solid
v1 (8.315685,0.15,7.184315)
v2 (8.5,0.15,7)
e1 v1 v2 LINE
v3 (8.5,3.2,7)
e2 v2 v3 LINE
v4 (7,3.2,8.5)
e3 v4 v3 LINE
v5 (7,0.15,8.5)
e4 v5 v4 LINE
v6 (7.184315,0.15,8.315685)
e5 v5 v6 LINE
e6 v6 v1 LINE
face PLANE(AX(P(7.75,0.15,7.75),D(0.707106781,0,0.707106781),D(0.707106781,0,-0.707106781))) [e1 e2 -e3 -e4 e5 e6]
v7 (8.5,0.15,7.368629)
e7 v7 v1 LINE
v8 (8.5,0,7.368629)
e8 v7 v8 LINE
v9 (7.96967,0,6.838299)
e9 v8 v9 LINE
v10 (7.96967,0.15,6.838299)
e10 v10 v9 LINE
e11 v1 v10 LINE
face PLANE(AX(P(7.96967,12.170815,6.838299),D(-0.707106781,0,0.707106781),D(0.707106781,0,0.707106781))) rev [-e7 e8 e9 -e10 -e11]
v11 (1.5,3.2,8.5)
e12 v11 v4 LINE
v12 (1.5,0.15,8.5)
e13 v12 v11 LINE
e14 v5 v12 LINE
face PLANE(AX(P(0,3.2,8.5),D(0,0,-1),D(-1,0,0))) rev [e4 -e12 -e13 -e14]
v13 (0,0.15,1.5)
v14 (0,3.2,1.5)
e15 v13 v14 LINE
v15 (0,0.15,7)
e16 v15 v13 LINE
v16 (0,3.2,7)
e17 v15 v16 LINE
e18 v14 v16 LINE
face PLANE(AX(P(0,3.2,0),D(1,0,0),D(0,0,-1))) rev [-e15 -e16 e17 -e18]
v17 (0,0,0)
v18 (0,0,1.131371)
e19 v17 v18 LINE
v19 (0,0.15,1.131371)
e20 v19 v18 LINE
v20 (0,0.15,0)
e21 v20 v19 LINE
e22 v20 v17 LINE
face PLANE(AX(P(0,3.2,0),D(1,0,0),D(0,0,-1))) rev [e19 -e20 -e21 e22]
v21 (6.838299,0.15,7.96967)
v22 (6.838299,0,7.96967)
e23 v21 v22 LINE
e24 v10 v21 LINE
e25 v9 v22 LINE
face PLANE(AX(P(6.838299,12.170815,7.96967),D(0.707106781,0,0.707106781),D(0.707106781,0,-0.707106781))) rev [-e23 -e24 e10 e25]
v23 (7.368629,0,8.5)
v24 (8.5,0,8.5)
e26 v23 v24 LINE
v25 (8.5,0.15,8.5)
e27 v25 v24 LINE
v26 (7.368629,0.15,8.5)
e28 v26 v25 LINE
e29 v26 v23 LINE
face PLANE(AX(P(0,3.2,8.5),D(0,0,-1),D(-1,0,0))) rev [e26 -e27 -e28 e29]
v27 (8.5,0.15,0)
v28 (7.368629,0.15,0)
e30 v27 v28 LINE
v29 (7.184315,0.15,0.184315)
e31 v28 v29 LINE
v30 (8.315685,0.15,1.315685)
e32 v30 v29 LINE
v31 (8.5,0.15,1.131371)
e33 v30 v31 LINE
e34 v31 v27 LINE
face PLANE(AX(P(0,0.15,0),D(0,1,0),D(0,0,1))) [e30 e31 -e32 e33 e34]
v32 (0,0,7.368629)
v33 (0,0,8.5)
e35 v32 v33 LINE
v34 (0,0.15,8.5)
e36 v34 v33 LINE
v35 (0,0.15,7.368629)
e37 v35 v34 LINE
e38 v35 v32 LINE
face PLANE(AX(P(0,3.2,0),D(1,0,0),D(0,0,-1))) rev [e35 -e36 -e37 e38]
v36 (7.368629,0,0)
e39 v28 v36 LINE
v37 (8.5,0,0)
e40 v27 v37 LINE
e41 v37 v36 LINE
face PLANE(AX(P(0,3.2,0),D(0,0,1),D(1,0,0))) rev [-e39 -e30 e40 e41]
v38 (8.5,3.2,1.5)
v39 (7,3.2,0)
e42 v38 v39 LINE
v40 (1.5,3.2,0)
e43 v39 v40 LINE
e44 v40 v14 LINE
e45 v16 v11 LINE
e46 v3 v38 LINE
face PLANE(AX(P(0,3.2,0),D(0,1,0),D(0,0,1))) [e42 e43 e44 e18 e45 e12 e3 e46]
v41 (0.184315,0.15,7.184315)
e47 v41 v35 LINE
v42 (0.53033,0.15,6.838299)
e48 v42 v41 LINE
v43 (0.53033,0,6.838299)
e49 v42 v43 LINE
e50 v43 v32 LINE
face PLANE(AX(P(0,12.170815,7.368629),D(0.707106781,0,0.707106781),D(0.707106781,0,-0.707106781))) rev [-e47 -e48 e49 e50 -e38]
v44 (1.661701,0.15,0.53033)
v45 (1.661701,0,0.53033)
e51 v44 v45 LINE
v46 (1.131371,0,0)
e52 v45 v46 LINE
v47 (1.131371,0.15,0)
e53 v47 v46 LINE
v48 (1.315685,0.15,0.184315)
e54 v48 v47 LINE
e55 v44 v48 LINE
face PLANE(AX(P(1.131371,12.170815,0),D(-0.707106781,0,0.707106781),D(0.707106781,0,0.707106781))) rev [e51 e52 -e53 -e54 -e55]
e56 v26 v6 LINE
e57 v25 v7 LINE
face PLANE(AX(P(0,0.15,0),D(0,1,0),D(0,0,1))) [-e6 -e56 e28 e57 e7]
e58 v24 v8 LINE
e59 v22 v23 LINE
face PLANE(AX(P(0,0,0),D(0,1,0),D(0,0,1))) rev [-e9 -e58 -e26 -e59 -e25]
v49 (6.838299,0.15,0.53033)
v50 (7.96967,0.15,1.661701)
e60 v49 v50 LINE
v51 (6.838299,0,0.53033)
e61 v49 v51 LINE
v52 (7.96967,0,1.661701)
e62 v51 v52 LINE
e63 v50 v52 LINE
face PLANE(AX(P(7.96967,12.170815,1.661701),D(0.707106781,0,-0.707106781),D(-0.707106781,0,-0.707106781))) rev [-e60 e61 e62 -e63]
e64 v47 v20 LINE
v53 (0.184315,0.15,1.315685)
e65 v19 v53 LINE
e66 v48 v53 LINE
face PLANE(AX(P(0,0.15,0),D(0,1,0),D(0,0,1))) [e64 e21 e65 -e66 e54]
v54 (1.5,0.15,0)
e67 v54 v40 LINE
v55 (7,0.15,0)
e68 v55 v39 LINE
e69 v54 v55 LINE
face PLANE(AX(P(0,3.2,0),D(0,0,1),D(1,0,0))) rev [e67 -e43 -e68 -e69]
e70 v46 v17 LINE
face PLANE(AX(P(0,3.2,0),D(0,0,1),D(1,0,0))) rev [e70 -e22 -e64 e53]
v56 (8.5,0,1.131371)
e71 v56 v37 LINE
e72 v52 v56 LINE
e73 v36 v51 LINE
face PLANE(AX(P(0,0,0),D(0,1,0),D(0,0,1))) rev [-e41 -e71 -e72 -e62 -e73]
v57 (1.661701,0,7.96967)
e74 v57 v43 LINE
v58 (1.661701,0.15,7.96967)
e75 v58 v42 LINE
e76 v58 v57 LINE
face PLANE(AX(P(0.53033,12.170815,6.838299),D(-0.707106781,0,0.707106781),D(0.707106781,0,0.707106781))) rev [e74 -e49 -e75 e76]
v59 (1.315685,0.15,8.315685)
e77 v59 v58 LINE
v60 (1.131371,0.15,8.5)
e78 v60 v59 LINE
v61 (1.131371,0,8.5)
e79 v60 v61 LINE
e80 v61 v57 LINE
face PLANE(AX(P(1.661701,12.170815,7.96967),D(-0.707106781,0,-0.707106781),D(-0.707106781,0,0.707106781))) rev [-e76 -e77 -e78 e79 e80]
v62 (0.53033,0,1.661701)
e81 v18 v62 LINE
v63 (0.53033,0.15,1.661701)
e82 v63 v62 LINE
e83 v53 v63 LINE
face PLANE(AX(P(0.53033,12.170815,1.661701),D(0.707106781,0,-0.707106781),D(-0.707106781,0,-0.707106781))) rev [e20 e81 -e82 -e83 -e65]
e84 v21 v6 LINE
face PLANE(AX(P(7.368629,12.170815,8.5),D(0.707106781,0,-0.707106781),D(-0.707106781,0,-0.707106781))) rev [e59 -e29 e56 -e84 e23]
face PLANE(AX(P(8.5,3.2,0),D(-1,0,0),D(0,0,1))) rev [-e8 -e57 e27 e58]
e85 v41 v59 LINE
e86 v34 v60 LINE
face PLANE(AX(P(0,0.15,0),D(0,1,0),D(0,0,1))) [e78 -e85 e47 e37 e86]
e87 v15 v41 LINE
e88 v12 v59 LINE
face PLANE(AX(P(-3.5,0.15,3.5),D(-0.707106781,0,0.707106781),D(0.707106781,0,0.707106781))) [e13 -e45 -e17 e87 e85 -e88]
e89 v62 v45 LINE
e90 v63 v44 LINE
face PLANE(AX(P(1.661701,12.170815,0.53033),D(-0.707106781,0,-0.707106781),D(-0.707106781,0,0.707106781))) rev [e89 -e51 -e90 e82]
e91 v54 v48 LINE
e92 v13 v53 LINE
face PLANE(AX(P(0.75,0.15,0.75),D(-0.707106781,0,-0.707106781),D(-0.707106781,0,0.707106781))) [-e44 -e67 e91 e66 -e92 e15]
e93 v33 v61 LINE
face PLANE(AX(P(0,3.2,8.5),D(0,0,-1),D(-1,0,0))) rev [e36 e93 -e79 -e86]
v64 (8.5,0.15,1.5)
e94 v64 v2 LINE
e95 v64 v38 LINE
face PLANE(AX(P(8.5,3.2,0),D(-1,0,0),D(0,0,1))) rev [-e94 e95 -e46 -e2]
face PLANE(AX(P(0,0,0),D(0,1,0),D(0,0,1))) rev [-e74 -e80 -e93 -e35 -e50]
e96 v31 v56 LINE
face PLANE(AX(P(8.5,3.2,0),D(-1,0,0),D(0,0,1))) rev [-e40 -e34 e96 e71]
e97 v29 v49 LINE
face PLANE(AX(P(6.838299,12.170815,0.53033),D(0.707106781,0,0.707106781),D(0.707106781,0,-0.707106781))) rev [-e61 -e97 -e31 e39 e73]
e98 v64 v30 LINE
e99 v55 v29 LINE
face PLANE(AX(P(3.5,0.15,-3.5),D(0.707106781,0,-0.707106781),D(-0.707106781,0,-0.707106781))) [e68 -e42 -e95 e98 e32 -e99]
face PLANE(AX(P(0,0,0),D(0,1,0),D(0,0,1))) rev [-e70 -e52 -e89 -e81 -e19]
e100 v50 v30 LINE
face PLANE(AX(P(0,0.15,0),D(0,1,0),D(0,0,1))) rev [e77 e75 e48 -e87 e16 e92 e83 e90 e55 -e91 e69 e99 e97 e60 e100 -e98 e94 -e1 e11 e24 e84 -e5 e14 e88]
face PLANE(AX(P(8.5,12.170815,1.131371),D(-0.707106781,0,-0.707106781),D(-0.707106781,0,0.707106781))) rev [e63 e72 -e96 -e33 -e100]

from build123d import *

# Parameters (mm, degrees)
SKETCH1_W           = 8.5
SKETCH1_H           = 8.5
BOSS_EXTRUDE1_DEPTH = 3.2
CUT_EXTRUDE1_DEPTH  = 3.05
CUT_EXTRUDE2_DEPTH  = 0.15


with BuildPart() as part:
    # Sketch1 → Boss-Extrude1 (new body)
    with BuildSketch(Plane(origin=(0, 0, 0), x_dir=(1, 0, 0), z_dir=(0, 1, 0))):
        with Locations((4.25, -4.25)):
            Rectangle(SKETCH1_W, SKETCH1_H)
    extrude(amount=BOSS_EXTRUDE1_DEPTH)

    # Sketch2 → Cut-Extrude1 (cut)
    with BuildSketch(Plane(origin=(0, 3.2, 0), x_dir=(1, 0, 0), z_dir=(0, 1, 0))):
        Polygon((1.5, -8.5), (0, -7), (0, -8.5), align=None)
        Polygon((0, -1.5), (1.5, 0), (0, 0), align=None)
        Polygon((8.5, 0), (7, 0), (8.5, -1.5), align=None)
        Polygon((8.5, -8.5), (8.5, -7), (7, -8.5), align=None)
    extrude(amount=-CUT_EXTRUDE1_DEPTH, mode=Mode.SUBTRACT)

    # Sketch3 → Cut-Extrude2 (cut)
    with BuildSketch(Plane.XZ):
        Polygon((8.5, 1.13137085), (7.969669914, 1.661700936), (6.838299064, 0.530330086), (7.36862915, 0), (1.13137085, 0), (1.661700936, 0.530330086), (0.530330086, 1.661700936), (0, 1.13137085), (0, 7.36862915), (0.530330086, 6.838299064), (1.661700936, 7.969669914), (1.13137085, 8.5), (7.36862915, 8.5), (6.838299064, 7.969669914), (7.969669914, 6.838299064), (8.5, 7.36862915), align=None)
    extrude(amount=-CUT_EXTRUDE2_DEPTH, mode=Mode.SUBTRACT)


solid = part.part
